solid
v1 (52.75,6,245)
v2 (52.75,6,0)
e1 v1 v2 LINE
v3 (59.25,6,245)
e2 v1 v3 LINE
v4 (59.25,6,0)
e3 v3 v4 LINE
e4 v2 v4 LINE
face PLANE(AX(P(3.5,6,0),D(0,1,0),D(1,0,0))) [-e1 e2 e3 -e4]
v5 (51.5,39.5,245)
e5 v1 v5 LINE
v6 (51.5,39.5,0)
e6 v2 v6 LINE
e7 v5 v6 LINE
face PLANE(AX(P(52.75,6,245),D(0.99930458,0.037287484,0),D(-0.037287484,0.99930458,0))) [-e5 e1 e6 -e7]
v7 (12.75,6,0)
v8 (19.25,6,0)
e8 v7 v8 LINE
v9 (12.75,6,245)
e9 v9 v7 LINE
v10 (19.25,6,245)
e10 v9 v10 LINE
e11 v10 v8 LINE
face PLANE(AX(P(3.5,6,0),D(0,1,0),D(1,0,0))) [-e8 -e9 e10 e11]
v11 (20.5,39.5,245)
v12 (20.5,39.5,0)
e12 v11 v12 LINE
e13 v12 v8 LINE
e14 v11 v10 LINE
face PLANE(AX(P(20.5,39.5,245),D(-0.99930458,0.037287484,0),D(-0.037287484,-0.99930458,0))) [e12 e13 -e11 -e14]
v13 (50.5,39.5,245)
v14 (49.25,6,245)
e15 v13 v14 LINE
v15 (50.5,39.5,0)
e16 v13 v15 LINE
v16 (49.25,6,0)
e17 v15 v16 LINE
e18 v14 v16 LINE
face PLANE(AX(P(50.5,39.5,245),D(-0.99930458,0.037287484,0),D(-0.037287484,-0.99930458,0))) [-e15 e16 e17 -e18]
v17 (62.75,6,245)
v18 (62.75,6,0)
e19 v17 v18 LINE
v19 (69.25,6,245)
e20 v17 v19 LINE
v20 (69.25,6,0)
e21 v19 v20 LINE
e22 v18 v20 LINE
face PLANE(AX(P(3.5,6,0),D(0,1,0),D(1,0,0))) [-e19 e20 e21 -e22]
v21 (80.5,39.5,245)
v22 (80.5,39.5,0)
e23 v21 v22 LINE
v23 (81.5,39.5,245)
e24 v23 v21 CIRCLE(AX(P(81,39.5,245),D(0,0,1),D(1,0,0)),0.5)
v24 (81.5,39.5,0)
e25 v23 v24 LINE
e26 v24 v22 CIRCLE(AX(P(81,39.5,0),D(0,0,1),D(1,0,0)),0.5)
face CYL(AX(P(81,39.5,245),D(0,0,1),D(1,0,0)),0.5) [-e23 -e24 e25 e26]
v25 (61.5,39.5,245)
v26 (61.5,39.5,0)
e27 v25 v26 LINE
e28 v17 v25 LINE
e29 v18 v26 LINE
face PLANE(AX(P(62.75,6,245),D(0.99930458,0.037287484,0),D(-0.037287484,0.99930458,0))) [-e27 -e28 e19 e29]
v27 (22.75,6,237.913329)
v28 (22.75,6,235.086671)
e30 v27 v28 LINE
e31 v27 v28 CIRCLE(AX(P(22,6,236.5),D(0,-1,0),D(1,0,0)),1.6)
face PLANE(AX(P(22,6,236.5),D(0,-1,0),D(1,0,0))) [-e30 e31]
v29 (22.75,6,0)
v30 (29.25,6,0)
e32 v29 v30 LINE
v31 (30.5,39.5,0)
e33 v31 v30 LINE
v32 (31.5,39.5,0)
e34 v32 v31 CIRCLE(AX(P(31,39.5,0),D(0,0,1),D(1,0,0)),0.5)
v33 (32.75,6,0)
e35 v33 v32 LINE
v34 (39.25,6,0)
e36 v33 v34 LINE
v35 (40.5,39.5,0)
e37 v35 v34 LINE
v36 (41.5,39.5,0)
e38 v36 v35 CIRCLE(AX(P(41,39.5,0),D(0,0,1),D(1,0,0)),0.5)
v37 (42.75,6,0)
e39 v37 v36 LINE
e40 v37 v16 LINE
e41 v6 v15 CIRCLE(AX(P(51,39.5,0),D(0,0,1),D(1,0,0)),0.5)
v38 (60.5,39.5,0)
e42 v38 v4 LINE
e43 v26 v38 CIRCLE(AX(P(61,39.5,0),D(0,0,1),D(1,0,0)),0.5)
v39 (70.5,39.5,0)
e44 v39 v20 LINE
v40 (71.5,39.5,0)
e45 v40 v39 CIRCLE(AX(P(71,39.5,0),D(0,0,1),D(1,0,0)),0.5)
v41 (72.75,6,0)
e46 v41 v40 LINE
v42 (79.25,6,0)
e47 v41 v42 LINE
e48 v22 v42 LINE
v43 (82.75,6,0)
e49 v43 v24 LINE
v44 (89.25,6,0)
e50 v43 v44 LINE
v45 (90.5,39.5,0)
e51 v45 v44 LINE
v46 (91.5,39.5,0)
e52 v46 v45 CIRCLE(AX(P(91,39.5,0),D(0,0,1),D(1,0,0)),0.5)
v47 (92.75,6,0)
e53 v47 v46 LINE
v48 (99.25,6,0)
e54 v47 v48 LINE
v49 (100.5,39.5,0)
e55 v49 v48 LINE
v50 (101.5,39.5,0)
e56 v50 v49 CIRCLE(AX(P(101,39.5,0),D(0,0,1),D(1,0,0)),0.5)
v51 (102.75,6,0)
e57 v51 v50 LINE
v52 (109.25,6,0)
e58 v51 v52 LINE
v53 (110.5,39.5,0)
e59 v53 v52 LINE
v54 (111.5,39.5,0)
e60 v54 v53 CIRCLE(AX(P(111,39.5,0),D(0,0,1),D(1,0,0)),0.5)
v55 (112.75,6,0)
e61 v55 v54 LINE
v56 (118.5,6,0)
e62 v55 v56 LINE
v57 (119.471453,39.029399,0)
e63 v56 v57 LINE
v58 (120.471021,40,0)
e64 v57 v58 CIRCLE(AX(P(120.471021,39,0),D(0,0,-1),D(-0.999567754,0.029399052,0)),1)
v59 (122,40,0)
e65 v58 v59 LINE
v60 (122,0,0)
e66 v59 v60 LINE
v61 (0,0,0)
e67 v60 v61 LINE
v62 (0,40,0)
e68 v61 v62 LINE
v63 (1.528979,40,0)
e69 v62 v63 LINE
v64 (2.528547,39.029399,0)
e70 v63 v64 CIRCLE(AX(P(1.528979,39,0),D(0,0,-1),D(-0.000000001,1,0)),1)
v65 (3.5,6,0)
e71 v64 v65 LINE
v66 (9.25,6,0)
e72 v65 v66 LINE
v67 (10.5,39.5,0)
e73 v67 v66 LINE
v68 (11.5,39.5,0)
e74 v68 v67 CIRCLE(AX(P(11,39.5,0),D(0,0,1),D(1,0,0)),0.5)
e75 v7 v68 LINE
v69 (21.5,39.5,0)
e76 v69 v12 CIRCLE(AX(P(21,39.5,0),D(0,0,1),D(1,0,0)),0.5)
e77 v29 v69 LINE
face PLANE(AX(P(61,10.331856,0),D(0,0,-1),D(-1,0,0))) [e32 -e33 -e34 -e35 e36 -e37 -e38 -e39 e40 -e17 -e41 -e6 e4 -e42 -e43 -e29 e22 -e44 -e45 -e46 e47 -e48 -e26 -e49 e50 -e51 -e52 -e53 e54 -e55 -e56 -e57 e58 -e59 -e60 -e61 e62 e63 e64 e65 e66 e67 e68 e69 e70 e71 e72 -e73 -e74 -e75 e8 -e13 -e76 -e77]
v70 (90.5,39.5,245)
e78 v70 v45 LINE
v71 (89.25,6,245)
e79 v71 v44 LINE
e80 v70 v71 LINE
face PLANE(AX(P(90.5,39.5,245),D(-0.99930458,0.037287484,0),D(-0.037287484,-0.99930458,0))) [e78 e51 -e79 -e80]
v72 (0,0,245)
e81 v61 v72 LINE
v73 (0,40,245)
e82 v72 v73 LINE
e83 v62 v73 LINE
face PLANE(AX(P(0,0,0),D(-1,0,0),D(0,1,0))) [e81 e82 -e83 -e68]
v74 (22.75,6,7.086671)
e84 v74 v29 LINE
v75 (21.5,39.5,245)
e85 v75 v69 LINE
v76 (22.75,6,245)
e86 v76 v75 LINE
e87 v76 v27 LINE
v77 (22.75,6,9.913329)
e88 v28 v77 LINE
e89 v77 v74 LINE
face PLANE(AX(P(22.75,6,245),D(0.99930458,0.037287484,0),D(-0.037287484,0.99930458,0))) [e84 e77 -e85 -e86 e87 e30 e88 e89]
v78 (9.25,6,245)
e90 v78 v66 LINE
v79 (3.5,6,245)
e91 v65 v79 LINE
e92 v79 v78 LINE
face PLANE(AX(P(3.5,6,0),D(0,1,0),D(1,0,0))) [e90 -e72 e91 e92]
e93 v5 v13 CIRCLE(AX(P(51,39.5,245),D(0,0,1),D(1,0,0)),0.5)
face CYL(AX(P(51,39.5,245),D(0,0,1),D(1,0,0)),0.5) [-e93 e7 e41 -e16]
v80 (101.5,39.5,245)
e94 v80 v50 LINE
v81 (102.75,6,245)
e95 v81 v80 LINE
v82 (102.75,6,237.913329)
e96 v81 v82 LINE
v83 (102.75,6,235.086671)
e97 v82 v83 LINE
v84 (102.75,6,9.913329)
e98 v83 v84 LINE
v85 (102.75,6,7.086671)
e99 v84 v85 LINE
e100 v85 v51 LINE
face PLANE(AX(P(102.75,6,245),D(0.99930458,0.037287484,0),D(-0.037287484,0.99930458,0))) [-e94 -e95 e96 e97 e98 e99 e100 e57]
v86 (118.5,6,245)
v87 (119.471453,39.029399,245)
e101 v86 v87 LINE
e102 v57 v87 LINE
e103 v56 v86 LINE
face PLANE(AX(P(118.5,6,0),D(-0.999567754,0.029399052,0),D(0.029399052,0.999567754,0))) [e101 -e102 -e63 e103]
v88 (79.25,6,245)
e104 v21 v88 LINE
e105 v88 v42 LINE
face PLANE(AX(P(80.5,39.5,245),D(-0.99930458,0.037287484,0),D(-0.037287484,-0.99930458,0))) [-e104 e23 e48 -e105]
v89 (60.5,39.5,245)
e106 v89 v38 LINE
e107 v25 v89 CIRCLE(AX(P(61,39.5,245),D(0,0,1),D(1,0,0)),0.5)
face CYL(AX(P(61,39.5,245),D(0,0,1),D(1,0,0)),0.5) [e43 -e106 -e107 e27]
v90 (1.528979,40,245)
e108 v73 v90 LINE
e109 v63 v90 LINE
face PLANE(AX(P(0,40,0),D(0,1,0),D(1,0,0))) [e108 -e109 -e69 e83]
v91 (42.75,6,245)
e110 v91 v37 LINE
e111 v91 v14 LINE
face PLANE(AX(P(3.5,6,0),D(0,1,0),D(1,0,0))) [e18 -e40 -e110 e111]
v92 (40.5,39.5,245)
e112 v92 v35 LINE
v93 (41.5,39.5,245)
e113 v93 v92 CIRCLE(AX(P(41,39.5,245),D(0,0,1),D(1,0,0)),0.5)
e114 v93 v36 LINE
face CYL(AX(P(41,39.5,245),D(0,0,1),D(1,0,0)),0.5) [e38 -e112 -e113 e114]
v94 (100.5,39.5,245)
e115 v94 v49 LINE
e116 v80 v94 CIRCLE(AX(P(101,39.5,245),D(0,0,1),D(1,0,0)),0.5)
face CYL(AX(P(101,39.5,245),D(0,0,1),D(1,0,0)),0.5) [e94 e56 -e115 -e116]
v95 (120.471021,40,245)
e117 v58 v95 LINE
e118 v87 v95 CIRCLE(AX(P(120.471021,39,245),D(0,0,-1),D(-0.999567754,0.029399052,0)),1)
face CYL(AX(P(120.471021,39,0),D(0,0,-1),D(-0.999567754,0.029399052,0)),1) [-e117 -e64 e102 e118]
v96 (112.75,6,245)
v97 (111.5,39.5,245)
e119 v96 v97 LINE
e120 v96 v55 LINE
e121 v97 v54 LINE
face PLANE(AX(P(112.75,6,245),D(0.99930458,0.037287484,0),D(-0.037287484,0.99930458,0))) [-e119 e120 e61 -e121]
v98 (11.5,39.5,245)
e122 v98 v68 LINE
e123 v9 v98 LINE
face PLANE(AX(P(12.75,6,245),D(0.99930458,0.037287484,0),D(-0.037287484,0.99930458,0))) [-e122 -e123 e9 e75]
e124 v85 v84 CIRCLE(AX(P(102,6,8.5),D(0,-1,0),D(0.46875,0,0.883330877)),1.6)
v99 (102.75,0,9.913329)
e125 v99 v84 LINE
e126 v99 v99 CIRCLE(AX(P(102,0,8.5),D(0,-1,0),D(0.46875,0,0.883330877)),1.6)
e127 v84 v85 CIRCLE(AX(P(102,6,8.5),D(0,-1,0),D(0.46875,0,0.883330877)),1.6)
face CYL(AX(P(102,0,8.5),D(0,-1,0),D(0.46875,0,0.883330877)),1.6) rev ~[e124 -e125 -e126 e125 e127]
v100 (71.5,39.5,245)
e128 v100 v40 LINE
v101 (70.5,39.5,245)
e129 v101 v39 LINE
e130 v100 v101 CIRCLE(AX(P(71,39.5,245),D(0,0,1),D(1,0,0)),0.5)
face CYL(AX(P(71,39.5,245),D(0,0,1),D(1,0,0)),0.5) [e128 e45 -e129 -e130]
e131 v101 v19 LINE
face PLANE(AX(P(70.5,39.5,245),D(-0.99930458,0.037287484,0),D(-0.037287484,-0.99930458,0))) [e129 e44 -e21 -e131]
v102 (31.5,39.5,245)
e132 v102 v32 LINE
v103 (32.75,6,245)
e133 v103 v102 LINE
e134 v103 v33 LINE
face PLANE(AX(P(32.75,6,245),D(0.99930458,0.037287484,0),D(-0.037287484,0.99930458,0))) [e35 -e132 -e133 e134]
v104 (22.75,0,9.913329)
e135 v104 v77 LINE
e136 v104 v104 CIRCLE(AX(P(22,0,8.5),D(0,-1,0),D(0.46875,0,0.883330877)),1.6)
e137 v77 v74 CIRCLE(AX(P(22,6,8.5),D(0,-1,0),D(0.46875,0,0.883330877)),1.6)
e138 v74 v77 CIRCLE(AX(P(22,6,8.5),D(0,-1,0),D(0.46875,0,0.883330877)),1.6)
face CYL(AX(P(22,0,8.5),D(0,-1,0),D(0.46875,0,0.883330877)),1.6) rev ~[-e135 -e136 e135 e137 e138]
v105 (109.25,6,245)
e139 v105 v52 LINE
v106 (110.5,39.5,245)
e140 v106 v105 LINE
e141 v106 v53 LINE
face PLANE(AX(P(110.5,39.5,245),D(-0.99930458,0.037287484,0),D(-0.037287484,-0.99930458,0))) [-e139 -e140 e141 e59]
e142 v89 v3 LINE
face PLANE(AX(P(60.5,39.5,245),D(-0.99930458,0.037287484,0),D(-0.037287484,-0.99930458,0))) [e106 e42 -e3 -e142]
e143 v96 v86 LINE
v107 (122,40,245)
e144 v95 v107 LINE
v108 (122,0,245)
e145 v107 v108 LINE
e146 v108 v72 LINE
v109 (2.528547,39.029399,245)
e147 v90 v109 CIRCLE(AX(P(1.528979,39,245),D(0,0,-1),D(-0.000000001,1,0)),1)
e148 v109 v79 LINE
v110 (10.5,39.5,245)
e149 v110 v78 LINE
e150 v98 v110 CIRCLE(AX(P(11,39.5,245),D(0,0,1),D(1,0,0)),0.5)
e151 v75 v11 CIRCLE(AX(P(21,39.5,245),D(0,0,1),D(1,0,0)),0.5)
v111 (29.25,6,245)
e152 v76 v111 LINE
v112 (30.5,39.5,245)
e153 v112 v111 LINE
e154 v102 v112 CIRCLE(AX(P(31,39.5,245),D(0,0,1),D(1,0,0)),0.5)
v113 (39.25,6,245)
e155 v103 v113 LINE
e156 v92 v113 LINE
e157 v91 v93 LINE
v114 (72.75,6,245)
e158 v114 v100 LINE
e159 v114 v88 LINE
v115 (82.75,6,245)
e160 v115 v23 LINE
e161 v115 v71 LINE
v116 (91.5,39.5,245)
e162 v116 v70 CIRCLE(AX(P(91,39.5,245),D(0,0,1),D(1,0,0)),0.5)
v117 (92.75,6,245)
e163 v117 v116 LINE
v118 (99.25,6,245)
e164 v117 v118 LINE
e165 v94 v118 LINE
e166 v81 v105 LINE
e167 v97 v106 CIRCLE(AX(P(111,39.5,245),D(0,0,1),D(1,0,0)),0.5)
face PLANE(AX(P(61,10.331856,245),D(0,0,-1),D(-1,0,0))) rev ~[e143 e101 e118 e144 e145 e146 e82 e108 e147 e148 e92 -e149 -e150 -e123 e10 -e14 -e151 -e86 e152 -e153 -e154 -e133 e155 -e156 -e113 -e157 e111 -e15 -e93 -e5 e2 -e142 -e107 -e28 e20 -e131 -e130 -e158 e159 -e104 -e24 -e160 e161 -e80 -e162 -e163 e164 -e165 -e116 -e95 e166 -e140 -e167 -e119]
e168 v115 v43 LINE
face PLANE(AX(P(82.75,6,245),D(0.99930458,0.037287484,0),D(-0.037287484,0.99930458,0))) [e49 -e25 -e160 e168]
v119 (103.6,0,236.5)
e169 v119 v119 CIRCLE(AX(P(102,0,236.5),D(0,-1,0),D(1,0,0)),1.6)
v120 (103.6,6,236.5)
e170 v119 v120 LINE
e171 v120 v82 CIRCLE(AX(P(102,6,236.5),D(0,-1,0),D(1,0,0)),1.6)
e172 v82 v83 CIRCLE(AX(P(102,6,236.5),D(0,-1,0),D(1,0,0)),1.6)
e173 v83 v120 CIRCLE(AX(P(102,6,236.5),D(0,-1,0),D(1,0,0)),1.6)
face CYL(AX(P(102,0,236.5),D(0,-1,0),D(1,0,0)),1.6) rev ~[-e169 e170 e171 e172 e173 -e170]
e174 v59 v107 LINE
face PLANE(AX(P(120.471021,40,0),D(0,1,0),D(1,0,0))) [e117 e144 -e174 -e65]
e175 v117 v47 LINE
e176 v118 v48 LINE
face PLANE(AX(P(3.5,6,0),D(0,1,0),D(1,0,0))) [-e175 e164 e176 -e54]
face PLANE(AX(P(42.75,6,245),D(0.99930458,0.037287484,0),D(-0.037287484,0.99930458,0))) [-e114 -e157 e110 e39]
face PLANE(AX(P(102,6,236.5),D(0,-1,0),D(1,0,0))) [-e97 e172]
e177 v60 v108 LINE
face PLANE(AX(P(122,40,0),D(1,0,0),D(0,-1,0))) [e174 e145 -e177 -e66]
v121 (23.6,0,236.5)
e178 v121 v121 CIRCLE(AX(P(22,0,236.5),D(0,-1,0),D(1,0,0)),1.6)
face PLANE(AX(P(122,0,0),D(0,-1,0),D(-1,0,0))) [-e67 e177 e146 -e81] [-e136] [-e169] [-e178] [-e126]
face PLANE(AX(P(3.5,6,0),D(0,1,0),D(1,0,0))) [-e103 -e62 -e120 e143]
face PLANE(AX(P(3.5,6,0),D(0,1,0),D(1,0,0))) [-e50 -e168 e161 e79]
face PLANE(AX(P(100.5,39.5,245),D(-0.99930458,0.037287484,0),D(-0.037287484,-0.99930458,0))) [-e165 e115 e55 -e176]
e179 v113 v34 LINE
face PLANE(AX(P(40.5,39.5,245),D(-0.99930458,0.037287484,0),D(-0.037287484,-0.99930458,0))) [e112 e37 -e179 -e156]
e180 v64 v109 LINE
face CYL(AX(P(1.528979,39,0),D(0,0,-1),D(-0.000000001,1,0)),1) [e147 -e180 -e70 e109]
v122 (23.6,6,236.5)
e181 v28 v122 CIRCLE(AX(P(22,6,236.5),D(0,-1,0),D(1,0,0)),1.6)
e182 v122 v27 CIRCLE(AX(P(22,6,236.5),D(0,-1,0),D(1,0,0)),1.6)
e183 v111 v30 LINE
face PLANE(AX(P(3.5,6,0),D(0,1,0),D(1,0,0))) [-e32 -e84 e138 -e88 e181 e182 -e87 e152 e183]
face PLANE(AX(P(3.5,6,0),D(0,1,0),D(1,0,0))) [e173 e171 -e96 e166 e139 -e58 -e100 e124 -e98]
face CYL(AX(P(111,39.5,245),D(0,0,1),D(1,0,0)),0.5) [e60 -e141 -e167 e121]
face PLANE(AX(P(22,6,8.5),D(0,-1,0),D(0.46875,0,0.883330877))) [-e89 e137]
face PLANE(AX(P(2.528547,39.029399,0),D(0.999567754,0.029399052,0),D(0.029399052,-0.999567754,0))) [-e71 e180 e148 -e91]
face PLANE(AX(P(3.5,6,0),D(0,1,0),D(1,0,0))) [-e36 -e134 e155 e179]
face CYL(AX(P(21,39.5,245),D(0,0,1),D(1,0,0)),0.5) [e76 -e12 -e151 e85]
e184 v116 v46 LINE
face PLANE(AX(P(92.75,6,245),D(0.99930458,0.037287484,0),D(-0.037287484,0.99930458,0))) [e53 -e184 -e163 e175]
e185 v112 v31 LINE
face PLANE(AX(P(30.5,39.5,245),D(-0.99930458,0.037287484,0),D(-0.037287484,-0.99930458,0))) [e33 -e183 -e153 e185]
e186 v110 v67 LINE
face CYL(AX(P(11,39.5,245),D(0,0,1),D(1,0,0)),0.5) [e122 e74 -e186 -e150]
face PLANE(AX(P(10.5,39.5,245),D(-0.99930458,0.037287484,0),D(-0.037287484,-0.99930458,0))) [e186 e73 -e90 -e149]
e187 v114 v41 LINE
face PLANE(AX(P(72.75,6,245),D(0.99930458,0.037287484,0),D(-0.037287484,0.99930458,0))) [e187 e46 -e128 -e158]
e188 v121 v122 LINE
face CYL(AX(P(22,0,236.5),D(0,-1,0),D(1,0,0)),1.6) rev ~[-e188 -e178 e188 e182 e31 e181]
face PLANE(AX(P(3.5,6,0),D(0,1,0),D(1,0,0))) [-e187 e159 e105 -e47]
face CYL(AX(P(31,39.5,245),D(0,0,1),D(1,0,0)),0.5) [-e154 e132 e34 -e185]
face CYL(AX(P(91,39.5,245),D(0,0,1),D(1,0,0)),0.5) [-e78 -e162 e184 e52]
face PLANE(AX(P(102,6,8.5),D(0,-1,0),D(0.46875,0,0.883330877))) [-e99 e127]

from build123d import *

# Parameters (mm, degrees)
EXTRUDE_1_DEPTH       = 245
EXTRUDE_3_DEPTH       = 245
PATTERN_CURVE_1_COUNT = 11
PATTERN_CURVE_1_PITCH = 10
SKETCH_3_R            = 1.6
CUT_EXTRUDE_1_DEPTH   = 6


with BuildPart() as part:
    # Эскиз1 → Вытянуть1 (new body)
    with BuildSketch(Plane.XY):
        with BuildLine():
            Line((0, 40), (1.528979332, 40))
            ThreePointArc((1.528979332, 40), (2.225614441, 39.717425624), (2.528547087, 39.029399052))
            Line((2.528547087, 39.029399052), (3.5, 6))
            Line((3.5, 6), (118.5, 6))
            Line((118.5, 6), (119.471452913, 39.029399052))
            ThreePointArc((119.471452913, 39.029399052), (119.774385559, 39.717425624), (120.471020668, 40))
            Line((120.471020668, 40), (122, 40))
            Line((122, 40), (122, 0))
            Line((122, 0), (0, 0))
            Line((0, 0), (0, 40))
        make_face()
    extrude(amount=EXTRUDE_1_DEPTH)

    # Эскиз2 → Вытянуть3 (add)
    with BuildSketch(Plane.XY.offset(245)):
        with BuildLine():
            Line((10.5, 39.5), (9.25, 6))
            Line((9.25, 6), (12.75, 6))
            Line((12.75, 6), (11.5, 39.5))
            ThreePointArc((11.5, 39.5), (11, 40), (10.5, 39.5))
        make_face()
    extrude_3 = extrude(amount=-EXTRUDE_3_DEPTH)

    # Кривая1: Вытянуть3 ×11
    with Locations(*[(i * PATTERN_CURVE_1_PITCH, 0, 0) for i in range(1, PATTERN_CURVE_1_COUNT)]):
        add(extrude_3)

    # Эскиз3 → Вырез-Вытянуть1 (cut)
    with BuildSketch(Plane.XZ):
        with Locations((22, 236.5)):
            Circle(SKETCH_3_R)
        with Locations((102, 236.5)):
            Circle(SKETCH_3_R)
        with Locations(Location((102, 8.5, 0), (0, 0, 62.046813117))):
            Circle(SKETCH_3_R)
        with Locations(Location((22, 8.5, 0), (0, 0, 62.046813117))):
            Circle(SKETCH_3_R)
    extrude(amount=-CUT_EXTRUDE_1_DEPTH, mode=Mode.SUBTRACT)


solid = part.part
